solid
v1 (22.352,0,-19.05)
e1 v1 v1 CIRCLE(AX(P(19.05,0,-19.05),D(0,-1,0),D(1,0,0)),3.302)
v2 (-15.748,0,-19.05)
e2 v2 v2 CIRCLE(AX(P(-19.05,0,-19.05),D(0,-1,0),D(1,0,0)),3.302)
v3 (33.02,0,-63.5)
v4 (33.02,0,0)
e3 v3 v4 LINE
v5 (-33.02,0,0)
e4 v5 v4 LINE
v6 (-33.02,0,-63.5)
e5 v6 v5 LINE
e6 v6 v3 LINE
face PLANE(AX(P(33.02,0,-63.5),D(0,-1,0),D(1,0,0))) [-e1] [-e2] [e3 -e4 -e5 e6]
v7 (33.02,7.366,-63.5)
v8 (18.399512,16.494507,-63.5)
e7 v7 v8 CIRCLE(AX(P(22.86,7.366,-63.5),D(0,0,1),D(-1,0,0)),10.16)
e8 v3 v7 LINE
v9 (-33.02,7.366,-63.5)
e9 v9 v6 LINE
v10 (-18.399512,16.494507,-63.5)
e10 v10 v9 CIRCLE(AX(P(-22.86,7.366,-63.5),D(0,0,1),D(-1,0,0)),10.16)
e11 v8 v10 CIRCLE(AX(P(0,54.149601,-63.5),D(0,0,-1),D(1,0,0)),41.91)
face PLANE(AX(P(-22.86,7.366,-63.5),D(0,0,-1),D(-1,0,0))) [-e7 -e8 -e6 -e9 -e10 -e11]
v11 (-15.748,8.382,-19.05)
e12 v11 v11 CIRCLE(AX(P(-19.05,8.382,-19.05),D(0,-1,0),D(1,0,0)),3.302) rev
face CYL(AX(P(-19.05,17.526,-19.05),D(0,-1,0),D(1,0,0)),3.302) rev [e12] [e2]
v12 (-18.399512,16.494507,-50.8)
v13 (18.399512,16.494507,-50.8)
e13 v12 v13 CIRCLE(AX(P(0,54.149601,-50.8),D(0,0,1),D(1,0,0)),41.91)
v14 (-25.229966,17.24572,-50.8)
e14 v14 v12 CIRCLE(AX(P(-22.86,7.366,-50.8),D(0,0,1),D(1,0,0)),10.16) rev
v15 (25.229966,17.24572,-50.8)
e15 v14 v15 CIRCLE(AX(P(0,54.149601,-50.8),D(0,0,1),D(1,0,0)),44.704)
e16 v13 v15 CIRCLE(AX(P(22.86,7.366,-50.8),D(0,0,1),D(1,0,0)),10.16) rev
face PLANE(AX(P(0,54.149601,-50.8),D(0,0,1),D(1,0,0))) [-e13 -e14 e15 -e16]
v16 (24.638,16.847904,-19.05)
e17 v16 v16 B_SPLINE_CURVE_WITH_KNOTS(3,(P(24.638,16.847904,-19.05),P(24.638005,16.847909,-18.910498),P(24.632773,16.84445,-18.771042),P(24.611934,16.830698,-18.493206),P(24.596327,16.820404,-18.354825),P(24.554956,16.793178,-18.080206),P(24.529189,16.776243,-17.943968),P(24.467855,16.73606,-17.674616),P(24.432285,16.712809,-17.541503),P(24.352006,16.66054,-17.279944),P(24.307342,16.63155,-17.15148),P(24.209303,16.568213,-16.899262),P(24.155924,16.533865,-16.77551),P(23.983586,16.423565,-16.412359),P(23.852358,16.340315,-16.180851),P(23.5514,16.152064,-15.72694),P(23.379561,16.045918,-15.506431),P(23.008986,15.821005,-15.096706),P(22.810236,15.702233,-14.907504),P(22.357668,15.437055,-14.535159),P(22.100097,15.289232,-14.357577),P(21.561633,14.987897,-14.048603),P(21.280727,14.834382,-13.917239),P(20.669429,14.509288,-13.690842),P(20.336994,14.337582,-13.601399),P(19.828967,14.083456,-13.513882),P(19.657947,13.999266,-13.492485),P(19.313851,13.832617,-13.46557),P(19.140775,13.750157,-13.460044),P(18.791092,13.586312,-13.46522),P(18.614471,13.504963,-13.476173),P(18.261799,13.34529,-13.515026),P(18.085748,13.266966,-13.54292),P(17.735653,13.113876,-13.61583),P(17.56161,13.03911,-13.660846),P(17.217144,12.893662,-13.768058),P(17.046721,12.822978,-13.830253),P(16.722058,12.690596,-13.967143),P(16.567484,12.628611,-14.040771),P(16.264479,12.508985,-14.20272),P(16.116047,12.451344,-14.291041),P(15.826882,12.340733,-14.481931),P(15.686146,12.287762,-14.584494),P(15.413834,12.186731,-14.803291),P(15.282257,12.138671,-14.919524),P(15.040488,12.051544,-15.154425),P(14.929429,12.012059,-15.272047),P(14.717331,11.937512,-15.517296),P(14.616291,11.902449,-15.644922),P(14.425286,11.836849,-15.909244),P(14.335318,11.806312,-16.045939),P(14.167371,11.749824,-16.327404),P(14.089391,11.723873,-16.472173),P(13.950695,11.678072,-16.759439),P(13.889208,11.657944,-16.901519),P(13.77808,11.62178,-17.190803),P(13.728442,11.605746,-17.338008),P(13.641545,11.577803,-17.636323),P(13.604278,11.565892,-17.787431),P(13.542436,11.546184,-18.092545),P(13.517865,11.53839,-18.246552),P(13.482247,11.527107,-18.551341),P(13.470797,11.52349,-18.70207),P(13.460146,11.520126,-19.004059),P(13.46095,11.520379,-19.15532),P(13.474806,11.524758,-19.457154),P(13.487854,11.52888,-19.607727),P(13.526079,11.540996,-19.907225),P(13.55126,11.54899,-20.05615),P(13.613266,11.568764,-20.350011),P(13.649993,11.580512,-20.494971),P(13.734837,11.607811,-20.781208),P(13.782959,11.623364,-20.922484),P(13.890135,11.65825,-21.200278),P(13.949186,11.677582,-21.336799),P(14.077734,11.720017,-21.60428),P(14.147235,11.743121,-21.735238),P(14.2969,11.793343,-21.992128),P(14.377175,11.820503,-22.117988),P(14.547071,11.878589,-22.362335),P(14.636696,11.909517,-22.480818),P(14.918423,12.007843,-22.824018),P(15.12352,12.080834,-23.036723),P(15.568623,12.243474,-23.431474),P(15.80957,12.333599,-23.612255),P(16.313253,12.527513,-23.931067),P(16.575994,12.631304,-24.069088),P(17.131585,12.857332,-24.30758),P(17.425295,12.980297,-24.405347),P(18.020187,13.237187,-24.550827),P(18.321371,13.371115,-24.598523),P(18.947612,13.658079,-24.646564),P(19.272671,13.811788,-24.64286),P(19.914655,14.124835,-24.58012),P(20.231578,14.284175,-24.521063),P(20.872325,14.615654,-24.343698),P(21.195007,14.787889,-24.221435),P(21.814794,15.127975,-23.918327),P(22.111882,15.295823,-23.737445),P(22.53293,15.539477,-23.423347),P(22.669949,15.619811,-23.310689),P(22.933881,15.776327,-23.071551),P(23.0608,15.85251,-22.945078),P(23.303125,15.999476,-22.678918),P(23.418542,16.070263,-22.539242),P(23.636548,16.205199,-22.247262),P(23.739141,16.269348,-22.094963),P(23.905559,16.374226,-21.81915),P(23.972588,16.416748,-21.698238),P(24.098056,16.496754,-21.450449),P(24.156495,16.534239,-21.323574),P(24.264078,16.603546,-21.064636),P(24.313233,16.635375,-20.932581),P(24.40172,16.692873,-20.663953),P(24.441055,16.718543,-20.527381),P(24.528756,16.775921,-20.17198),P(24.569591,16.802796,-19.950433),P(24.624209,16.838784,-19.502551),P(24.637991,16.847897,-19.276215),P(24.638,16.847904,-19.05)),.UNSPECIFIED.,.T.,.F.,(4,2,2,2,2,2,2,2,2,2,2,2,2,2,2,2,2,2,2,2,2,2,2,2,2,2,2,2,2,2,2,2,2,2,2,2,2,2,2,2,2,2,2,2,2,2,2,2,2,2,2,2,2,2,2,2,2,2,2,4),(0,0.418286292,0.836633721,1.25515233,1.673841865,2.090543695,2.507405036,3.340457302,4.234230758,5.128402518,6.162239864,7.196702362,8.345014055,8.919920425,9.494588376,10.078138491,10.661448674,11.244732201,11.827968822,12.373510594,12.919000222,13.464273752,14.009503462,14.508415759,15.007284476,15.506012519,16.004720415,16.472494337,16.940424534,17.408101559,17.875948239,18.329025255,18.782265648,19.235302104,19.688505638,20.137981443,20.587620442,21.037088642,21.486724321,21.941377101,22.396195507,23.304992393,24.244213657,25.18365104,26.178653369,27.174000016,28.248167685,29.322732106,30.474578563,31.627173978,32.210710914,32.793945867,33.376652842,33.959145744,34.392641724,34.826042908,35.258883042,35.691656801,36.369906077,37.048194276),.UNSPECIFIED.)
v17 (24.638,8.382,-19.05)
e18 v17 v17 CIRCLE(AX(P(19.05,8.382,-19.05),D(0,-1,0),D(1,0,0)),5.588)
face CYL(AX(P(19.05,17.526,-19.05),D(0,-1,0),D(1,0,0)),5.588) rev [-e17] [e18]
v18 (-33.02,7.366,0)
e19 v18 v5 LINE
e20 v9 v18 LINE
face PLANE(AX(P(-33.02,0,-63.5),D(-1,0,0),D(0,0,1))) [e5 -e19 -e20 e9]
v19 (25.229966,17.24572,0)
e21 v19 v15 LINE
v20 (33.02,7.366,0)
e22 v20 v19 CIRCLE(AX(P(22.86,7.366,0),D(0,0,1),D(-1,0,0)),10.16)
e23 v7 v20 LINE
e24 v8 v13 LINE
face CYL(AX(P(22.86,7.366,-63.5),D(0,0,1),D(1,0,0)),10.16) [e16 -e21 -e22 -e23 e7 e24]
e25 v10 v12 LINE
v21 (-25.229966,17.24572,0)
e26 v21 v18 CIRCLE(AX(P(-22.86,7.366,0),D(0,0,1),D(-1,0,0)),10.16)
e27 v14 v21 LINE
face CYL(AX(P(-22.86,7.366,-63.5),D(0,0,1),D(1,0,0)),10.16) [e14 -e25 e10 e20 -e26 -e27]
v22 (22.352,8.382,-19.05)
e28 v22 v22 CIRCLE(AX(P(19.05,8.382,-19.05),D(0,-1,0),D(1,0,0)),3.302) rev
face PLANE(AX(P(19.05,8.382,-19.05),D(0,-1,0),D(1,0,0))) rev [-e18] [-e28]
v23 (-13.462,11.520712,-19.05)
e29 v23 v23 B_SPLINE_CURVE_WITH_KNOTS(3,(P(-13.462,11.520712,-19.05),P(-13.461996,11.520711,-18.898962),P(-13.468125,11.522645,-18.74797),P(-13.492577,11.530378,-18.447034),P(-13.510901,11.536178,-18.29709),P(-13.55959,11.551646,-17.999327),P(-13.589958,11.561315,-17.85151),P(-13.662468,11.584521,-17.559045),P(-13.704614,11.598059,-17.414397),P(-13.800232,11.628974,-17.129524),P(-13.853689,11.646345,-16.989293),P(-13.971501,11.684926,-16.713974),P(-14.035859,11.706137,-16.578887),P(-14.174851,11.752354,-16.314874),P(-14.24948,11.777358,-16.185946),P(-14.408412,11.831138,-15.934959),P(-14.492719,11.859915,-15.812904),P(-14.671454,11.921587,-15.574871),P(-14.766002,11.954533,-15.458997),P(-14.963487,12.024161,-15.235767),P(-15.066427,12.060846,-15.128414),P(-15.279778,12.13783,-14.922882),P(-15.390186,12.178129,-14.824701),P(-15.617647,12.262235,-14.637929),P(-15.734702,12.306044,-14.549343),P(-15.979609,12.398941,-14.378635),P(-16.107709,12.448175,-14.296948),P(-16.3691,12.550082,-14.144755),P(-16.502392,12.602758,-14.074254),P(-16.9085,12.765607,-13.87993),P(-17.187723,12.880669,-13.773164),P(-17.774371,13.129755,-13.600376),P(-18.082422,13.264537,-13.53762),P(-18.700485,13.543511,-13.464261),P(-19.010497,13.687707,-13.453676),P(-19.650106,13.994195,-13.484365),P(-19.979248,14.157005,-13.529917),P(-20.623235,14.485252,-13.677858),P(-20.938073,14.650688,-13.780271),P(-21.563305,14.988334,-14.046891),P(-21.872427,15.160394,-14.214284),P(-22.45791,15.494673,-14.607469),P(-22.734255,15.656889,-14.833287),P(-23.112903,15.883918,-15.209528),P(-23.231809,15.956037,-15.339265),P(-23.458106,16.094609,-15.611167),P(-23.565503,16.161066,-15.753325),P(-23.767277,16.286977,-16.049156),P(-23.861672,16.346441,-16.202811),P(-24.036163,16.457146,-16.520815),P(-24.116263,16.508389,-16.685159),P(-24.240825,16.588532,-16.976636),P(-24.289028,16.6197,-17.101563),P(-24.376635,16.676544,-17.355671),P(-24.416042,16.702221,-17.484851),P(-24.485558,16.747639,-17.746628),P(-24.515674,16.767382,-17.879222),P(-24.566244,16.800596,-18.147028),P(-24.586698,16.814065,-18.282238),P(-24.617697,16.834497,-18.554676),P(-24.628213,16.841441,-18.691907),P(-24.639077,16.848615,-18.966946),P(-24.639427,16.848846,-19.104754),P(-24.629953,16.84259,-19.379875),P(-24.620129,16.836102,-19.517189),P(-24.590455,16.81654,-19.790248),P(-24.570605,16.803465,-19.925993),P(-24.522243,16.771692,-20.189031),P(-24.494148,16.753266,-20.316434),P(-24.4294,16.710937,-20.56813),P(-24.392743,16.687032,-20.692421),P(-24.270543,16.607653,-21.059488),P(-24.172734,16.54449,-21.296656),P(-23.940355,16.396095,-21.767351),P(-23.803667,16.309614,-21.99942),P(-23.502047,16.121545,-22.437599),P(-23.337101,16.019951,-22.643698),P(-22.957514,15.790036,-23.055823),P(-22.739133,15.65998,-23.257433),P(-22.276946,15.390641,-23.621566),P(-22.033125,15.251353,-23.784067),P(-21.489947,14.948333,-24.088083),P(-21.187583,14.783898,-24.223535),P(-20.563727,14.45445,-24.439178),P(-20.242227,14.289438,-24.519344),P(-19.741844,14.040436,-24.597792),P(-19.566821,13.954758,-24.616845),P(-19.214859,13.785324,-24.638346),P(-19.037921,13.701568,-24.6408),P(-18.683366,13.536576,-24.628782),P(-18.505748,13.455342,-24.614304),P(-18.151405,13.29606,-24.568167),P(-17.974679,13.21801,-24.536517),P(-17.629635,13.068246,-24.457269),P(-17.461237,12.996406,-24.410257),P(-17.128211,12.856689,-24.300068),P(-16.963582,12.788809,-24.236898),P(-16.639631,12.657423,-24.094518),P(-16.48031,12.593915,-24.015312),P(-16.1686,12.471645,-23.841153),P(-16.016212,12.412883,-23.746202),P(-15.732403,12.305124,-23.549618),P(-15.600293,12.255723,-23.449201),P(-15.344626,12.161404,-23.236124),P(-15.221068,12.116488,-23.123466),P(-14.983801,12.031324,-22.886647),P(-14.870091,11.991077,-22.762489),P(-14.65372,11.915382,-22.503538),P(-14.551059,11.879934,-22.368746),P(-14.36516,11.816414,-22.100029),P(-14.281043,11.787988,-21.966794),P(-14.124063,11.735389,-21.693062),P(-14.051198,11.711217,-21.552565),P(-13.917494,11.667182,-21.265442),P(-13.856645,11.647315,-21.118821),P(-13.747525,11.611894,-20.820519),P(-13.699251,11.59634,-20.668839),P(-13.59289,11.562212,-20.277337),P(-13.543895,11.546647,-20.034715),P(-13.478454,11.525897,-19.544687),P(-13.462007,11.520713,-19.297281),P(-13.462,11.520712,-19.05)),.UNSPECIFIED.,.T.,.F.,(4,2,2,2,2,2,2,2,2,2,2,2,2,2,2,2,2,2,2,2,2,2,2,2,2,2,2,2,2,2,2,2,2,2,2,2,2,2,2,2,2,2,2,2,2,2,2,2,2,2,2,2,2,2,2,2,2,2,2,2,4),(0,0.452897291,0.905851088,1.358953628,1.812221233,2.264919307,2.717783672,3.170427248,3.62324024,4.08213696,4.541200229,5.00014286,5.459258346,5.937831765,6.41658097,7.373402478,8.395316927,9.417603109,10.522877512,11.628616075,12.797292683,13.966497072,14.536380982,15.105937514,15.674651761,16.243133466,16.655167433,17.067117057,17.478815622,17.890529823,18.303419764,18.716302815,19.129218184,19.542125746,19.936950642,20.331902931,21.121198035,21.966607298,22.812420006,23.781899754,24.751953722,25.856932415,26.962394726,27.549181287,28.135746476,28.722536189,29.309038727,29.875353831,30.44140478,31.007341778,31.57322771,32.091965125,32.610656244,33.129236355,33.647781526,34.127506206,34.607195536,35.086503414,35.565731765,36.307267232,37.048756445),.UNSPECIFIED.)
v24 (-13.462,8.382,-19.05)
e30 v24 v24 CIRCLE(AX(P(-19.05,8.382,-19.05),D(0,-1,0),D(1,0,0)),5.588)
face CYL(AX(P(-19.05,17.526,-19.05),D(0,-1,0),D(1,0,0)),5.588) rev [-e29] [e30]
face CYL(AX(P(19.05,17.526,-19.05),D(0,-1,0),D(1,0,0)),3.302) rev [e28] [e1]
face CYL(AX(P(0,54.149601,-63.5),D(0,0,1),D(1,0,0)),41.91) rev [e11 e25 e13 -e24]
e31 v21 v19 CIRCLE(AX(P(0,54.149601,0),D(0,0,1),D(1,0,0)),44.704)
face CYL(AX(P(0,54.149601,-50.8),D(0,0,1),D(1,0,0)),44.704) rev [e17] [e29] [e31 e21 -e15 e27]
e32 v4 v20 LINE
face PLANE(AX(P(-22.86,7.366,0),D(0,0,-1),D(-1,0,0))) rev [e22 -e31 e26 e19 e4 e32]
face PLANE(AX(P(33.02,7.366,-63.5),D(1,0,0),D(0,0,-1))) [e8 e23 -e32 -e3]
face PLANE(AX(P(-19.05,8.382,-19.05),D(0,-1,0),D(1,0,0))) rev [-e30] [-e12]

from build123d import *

# Parameters (mm, degrees)
BOSS_EXTRUDE1_DEPTH = 63.5
SKETCH7_R           = 44.704
CUT_EXTRUDE1_DEPTH  = 50.8
SKETCH8_R           = 3.302
CUT_EXTRUDE2_DEPTH  = 18.526
SKETCH9_R           = 5.588
CUT_EXTRUDE3_DEPTH  = 10.144


with BuildPart() as part:
    # Sketch2 → Boss-Extrude1 (new body)
    with BuildSketch(Plane.XY):
        with BuildLine():
            Line((-33.02, 0), (-33.02, 7.366))
            ThreePointArc((-33.02, 7.366), (-28.240847698, 15.984124973), (-18.399512195, 16.494507465))
            ThreePointArc((-18.399512195, 16.494507465), (0, 12.239600759), (18.399512195, 16.494507465))
            ThreePointArc((18.399512195, 16.494507465), (28.240847698, 15.984124973), (33.02, 7.366))
            Line((33.02, 7.366), (33.02, 0))
            Line((33.02, 0), (-33.02, 0))
        make_face()
    extrude(amount=-BOSS_EXTRUDE1_DEPTH)

    # Sketch7 → Cut-Extrude1 (cut)
    with BuildSketch(Plane.XY):
        with Locations((0, 54.149600759)):
            Circle(SKETCH7_R)
    extrude(amount=-CUT_EXTRUDE1_DEPTH, mode=Mode.SUBTRACT)

    # Sketch8 → Cut-Extrude2 (cut, through all)
    with BuildSketch(Plane(origin=(0, 0, 0), x_dir=(-1, 0, 0), z_dir=(0, -1, 0))):
        with Locations((19.05, 19.05)):
            Circle(SKETCH8_R)
        with Locations((-19.05, 19.05)):
            Circle(SKETCH8_R)
    extrude(amount=-CUT_EXTRUDE2_DEPTH, mode=Mode.SUBTRACT)

    # Sketch9 → Cut-Extrude3 (cut, through all)
    with BuildSketch(Plane(origin=(0, 8.382, 0), x_dir=(-1, 0, 0), z_dir=(0, -1, 0))):
        with Locations((19.05, 19.05)):
            Circle(SKETCH9_R)
        with Locations((-19.05, 19.05)):
            Circle(SKETCH9_R)
    extrude(amount=-CUT_EXTRUDE3_DEPTH, mode=Mode.SUBTRACT)


solid = part.part
